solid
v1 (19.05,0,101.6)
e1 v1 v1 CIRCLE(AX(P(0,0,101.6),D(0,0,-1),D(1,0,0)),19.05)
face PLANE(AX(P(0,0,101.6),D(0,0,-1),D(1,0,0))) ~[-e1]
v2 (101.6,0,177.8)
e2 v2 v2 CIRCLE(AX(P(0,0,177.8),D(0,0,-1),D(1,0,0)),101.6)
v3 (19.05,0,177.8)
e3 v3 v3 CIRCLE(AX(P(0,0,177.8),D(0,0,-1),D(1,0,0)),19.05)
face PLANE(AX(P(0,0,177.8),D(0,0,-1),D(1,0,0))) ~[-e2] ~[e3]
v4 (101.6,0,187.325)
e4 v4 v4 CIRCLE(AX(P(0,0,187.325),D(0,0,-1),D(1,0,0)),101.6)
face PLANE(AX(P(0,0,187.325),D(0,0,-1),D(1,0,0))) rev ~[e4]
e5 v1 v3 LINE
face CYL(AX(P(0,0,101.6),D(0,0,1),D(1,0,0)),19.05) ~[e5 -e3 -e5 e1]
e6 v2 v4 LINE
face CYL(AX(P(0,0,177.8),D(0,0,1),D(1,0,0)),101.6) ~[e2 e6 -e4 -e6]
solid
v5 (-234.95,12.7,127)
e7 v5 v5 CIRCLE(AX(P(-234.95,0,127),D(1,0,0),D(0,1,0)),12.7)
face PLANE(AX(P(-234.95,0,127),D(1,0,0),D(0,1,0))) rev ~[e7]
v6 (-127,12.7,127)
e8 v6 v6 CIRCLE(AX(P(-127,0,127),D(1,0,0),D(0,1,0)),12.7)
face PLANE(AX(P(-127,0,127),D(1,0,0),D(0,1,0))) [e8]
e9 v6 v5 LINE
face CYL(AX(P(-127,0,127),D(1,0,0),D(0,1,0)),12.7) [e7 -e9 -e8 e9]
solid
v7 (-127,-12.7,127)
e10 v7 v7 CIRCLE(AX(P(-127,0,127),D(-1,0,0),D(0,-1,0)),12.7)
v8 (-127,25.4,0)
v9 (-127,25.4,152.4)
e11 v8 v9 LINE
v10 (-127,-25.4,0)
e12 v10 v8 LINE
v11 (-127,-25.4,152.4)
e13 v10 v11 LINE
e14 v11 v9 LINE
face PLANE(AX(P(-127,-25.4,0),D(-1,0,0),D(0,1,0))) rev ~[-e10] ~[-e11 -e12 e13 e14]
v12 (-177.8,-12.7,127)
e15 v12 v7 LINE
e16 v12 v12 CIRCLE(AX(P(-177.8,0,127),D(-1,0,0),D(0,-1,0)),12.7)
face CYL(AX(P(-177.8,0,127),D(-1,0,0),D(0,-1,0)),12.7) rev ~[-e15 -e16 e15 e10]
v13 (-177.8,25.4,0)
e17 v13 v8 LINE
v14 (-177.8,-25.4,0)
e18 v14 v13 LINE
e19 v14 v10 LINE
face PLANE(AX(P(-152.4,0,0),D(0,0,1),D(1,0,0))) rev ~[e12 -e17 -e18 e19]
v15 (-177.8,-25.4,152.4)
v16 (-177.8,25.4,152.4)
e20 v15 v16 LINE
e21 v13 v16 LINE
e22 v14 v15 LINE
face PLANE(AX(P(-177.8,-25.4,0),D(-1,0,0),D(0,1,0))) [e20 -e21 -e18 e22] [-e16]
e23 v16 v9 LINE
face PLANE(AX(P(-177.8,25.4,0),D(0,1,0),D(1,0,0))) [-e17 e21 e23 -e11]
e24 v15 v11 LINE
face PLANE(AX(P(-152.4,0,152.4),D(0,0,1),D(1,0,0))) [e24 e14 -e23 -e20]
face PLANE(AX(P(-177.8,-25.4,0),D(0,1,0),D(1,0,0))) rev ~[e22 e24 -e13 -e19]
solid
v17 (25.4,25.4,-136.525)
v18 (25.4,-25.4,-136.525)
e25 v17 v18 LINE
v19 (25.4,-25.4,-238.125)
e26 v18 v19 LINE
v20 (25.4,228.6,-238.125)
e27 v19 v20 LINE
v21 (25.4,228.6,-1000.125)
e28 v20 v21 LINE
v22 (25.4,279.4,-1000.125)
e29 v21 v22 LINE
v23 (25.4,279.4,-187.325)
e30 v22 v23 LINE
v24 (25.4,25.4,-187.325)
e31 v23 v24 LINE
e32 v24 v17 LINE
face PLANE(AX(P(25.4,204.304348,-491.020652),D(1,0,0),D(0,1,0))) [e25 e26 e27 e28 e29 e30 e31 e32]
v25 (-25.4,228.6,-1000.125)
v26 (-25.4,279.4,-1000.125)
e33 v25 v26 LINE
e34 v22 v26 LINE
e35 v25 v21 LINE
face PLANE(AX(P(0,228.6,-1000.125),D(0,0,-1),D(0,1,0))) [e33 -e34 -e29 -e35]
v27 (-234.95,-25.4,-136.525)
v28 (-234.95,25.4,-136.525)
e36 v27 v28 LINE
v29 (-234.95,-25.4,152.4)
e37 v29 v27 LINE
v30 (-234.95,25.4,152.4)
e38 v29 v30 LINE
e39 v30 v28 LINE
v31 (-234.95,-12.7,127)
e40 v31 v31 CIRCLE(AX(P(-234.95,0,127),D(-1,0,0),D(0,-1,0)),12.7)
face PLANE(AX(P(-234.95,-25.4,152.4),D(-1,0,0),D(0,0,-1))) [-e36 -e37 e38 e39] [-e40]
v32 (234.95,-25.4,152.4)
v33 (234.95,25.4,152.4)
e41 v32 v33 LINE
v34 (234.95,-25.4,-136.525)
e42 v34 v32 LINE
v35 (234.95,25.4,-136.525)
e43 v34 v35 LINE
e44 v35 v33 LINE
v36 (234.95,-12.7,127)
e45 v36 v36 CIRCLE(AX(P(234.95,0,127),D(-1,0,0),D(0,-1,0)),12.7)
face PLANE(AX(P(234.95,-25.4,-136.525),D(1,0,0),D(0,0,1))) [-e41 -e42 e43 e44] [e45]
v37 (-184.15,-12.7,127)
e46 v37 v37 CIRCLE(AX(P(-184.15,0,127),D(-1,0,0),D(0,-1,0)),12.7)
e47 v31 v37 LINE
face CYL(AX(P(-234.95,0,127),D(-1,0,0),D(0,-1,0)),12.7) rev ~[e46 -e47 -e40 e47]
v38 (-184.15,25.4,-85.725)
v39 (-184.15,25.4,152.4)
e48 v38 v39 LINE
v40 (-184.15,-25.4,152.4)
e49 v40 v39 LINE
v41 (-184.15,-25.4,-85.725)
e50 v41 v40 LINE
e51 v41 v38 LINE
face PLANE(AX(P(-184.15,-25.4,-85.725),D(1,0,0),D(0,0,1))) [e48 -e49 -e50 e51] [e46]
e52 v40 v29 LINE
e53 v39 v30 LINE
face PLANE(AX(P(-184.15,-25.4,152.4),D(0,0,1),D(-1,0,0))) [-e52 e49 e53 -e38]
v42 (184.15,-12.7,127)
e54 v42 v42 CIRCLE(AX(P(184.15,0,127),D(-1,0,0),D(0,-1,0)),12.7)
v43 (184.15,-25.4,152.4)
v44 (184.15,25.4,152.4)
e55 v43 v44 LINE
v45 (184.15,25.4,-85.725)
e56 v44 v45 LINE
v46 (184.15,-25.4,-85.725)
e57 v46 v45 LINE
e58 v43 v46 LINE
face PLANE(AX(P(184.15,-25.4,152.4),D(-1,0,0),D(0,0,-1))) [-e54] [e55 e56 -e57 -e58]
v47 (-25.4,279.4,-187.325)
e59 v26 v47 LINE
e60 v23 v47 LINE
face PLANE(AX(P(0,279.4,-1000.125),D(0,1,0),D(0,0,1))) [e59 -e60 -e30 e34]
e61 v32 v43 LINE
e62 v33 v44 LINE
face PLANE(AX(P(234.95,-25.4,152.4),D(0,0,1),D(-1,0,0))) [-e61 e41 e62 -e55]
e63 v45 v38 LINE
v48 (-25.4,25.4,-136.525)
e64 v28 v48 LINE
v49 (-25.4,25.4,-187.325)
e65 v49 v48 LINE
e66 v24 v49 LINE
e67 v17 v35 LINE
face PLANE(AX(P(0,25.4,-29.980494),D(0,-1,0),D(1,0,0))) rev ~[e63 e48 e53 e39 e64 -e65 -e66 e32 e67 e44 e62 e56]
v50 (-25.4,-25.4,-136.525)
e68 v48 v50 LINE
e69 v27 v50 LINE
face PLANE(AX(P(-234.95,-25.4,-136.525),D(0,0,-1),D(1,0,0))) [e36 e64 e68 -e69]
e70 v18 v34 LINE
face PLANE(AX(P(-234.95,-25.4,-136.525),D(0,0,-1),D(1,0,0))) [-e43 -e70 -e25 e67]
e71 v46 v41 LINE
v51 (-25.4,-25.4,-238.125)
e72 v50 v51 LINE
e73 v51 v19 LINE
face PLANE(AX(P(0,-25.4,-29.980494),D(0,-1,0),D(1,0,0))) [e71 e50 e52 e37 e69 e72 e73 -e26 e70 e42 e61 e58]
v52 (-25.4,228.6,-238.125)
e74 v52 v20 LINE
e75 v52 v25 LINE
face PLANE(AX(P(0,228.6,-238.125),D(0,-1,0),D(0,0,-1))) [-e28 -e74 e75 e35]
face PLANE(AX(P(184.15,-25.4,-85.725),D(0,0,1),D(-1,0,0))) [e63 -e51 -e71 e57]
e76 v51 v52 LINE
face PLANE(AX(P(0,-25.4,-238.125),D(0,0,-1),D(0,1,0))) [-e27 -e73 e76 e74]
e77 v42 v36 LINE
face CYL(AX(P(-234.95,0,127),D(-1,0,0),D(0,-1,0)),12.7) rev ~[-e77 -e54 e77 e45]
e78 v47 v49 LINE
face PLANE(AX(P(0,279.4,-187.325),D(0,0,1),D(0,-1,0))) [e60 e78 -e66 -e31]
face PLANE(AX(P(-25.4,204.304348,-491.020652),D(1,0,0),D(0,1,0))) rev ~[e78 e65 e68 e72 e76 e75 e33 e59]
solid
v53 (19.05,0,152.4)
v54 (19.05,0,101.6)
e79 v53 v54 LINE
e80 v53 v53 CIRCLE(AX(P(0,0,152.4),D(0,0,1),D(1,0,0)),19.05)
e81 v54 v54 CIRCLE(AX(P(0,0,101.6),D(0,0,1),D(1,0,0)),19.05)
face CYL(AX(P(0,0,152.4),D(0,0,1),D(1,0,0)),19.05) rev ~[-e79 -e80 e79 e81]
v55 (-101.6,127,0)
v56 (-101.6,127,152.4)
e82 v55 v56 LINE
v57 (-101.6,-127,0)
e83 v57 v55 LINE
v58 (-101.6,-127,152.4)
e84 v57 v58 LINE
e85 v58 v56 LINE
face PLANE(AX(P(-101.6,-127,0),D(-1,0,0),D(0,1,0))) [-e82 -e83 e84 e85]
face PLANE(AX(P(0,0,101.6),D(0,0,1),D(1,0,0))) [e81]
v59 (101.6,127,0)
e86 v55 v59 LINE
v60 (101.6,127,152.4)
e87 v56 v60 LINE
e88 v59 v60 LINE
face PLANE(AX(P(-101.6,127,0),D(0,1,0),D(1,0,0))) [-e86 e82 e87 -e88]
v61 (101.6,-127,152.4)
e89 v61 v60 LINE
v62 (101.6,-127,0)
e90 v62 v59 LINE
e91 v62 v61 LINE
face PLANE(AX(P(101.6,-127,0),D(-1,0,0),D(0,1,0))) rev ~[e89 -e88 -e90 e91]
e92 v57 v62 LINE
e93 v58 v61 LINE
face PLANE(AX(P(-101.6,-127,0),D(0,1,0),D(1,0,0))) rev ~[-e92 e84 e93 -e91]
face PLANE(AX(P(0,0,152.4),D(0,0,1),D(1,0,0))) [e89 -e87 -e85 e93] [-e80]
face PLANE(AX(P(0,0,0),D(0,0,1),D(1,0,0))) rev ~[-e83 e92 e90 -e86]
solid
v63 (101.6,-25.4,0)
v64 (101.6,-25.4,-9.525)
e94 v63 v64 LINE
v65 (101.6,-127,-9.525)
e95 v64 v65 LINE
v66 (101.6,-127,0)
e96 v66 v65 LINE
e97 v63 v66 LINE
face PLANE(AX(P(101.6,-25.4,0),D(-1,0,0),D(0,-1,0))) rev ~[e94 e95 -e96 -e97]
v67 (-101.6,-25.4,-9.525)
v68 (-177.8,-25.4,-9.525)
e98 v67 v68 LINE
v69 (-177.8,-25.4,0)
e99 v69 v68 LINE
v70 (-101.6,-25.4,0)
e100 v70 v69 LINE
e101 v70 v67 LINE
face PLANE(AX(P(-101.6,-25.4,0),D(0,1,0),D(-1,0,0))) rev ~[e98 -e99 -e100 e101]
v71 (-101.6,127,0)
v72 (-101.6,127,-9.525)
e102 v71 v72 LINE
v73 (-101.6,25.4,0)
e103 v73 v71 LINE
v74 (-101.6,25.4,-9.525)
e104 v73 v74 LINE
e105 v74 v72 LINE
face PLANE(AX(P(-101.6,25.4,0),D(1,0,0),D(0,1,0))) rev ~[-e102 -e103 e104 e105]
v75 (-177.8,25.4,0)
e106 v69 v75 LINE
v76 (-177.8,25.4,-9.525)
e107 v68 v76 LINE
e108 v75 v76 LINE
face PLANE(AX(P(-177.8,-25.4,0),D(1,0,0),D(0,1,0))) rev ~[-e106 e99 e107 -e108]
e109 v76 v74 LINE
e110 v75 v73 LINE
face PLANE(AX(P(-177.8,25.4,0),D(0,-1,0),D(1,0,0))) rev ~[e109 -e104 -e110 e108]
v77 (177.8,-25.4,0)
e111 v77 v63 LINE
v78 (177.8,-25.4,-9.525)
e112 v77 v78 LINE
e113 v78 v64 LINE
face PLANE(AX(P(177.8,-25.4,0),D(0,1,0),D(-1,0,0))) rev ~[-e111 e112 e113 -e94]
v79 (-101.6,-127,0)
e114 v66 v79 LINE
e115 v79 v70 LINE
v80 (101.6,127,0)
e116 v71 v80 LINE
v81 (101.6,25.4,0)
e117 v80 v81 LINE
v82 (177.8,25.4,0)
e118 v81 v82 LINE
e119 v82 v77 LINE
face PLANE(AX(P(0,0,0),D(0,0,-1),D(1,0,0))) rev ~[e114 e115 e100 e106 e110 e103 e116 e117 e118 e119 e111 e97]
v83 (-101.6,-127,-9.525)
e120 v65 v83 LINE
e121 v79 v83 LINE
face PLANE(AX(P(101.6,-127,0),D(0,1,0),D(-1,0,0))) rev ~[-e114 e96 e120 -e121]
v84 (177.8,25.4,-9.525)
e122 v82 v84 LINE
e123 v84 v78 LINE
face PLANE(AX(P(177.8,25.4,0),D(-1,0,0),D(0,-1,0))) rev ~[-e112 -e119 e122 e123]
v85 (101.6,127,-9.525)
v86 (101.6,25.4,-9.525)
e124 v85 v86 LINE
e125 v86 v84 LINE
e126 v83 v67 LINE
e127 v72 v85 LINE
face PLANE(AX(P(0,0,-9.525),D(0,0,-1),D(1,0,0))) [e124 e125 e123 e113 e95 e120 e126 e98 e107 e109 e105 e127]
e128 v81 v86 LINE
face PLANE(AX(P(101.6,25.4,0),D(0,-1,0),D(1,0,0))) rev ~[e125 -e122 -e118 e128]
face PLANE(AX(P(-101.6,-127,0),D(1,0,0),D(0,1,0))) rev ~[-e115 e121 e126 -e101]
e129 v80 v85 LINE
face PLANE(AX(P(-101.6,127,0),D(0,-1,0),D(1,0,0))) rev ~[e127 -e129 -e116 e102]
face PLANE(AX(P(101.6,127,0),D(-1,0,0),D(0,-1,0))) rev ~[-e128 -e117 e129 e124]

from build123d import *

# Parameters (mm, degrees)
F0_W      = 203.2
F0_H      = 254
F1_DEPTH  = 152.4
F2_R      = 19.05
F3_DEPTH  = 50.8
F7_DEPTH  = 9.525
F8_W      = 50.8
F8_H      = 50.8
F9_DEPTH  = 152.4
F10_R     = 12.7
F11_DEPTH = 50.8
F12_R     = 12.7
F13_DEPTH = 107.95
F15_DEPTH = 50.8
F16_R     = 12.7
F17_DEPTH = 469.9
F19_DEPTH = 25.4


with BuildPart() as f1:
    # F0 (on Top) → F1 (new body)
    with BuildSketch(Plane.XY):
        Rectangle(F0_W, F0_H)
    extrude(amount=F1_DEPTH)

    # F2 (on face) → F3 (cut)
    with BuildSketch(Plane.XY.offset(152.4)):
        Circle(F2_R)
    extrude(amount=-F3_DEPTH, mode=Mode.SUBTRACT)


with BuildPart() as f5:
    # F4 (on Front) → F5 (revolve)
    with BuildSketch(Plane.XZ):
        Polygon((101.6, 187.325), (0, 187.325), (0, 101.6), (19.05, 101.6), (19.05, 177.8), (101.6, 177.8), align=None)
    revolve(axis=Axis((0, 0, 144.4625), (0, 0, -1)))


with BuildPart() as f7:
    # F6 (on face) → F7 (new body)
    with BuildSketch(Plane(origin=(0, 0, 0), x_dir=(1, 0, 0), z_dir=(0, 0, -1))):
        Polygon((101.6, 127), (-101.6, 127), (-101.6, 25.4), (-177.8, 25.4), (-177.8, -25.4), (-101.6, -25.4), (-101.6, -127), (101.6, -127), (101.6, -25.4), (177.8, -25.4), (177.8, 25.4), (101.6, 25.4), align=None)
    extrude(amount=F7_DEPTH)


with BuildPart() as f9:
    # F8 (on face) → F9 (new body, through all)
    with BuildSketch(Plane.XY):
        with Locations((-152.4, 0)):
            Rectangle(F8_W, F8_H)
    extrude(amount=F9_DEPTH)

    # F10 (on face) → F11 (cut, through all)
    with BuildSketch(Plane(origin=(-177.8, 0, 0), x_dir=(0, -1, 0), z_dir=(-1, 0, 0))):
        with Locations((0, 127)):
            Circle(F10_R)
    extrude(amount=-F11_DEPTH, mode=Mode.SUBTRACT)


with BuildPart() as f13:
    # F12 (on face) → F13 (new body)
    with BuildSketch(Plane.YZ.offset(-127)):
        with Locations((0, 127)):
            Circle(F12_R)
    extrude(amount=-F13_DEPTH)


with BuildPart() as f15:
    # F14 (on face) → F15 (new body, through all)
    with BuildSketch(Plane.XZ.offset(25.4)):
        Polygon((-184.15, -85.725), (-184.15, 152.4), (-234.95, 152.4), (-234.95, -136.525), (234.95, -136.525), (234.95, 152.4), (184.15, 152.4), (184.15, -85.725), align=None)
    extrude(amount=-F15_DEPTH)

    # F16 (on face) → F17 (cut, through all)
    with BuildSketch(Plane(origin=(-234.95, 0, 0), x_dir=(0, -1, 0), z_dir=(-1, 0, 0))):
        with Locations((0, 127)):
            Circle(F16_R)
    extrude(amount=-F17_DEPTH, mode=Mode.SUBTRACT)

    # F18 (on Right) → F19 (join, symmetric)
    with BuildSketch(Plane.YZ):
        Polygon((25.4, -187.325), (25.4, -136.525), (-25.4, -136.525), (-25.4, -238.125), (228.6, -238.125), (228.6, -1000.125), (279.4, -1000.125), (279.4, -187.325), align=None)
    extrude(amount=F19_DEPTH, both=True)


solid = Compound([f1.part, f5.part, f7.part, f9.part, f13.part, f15.part])
